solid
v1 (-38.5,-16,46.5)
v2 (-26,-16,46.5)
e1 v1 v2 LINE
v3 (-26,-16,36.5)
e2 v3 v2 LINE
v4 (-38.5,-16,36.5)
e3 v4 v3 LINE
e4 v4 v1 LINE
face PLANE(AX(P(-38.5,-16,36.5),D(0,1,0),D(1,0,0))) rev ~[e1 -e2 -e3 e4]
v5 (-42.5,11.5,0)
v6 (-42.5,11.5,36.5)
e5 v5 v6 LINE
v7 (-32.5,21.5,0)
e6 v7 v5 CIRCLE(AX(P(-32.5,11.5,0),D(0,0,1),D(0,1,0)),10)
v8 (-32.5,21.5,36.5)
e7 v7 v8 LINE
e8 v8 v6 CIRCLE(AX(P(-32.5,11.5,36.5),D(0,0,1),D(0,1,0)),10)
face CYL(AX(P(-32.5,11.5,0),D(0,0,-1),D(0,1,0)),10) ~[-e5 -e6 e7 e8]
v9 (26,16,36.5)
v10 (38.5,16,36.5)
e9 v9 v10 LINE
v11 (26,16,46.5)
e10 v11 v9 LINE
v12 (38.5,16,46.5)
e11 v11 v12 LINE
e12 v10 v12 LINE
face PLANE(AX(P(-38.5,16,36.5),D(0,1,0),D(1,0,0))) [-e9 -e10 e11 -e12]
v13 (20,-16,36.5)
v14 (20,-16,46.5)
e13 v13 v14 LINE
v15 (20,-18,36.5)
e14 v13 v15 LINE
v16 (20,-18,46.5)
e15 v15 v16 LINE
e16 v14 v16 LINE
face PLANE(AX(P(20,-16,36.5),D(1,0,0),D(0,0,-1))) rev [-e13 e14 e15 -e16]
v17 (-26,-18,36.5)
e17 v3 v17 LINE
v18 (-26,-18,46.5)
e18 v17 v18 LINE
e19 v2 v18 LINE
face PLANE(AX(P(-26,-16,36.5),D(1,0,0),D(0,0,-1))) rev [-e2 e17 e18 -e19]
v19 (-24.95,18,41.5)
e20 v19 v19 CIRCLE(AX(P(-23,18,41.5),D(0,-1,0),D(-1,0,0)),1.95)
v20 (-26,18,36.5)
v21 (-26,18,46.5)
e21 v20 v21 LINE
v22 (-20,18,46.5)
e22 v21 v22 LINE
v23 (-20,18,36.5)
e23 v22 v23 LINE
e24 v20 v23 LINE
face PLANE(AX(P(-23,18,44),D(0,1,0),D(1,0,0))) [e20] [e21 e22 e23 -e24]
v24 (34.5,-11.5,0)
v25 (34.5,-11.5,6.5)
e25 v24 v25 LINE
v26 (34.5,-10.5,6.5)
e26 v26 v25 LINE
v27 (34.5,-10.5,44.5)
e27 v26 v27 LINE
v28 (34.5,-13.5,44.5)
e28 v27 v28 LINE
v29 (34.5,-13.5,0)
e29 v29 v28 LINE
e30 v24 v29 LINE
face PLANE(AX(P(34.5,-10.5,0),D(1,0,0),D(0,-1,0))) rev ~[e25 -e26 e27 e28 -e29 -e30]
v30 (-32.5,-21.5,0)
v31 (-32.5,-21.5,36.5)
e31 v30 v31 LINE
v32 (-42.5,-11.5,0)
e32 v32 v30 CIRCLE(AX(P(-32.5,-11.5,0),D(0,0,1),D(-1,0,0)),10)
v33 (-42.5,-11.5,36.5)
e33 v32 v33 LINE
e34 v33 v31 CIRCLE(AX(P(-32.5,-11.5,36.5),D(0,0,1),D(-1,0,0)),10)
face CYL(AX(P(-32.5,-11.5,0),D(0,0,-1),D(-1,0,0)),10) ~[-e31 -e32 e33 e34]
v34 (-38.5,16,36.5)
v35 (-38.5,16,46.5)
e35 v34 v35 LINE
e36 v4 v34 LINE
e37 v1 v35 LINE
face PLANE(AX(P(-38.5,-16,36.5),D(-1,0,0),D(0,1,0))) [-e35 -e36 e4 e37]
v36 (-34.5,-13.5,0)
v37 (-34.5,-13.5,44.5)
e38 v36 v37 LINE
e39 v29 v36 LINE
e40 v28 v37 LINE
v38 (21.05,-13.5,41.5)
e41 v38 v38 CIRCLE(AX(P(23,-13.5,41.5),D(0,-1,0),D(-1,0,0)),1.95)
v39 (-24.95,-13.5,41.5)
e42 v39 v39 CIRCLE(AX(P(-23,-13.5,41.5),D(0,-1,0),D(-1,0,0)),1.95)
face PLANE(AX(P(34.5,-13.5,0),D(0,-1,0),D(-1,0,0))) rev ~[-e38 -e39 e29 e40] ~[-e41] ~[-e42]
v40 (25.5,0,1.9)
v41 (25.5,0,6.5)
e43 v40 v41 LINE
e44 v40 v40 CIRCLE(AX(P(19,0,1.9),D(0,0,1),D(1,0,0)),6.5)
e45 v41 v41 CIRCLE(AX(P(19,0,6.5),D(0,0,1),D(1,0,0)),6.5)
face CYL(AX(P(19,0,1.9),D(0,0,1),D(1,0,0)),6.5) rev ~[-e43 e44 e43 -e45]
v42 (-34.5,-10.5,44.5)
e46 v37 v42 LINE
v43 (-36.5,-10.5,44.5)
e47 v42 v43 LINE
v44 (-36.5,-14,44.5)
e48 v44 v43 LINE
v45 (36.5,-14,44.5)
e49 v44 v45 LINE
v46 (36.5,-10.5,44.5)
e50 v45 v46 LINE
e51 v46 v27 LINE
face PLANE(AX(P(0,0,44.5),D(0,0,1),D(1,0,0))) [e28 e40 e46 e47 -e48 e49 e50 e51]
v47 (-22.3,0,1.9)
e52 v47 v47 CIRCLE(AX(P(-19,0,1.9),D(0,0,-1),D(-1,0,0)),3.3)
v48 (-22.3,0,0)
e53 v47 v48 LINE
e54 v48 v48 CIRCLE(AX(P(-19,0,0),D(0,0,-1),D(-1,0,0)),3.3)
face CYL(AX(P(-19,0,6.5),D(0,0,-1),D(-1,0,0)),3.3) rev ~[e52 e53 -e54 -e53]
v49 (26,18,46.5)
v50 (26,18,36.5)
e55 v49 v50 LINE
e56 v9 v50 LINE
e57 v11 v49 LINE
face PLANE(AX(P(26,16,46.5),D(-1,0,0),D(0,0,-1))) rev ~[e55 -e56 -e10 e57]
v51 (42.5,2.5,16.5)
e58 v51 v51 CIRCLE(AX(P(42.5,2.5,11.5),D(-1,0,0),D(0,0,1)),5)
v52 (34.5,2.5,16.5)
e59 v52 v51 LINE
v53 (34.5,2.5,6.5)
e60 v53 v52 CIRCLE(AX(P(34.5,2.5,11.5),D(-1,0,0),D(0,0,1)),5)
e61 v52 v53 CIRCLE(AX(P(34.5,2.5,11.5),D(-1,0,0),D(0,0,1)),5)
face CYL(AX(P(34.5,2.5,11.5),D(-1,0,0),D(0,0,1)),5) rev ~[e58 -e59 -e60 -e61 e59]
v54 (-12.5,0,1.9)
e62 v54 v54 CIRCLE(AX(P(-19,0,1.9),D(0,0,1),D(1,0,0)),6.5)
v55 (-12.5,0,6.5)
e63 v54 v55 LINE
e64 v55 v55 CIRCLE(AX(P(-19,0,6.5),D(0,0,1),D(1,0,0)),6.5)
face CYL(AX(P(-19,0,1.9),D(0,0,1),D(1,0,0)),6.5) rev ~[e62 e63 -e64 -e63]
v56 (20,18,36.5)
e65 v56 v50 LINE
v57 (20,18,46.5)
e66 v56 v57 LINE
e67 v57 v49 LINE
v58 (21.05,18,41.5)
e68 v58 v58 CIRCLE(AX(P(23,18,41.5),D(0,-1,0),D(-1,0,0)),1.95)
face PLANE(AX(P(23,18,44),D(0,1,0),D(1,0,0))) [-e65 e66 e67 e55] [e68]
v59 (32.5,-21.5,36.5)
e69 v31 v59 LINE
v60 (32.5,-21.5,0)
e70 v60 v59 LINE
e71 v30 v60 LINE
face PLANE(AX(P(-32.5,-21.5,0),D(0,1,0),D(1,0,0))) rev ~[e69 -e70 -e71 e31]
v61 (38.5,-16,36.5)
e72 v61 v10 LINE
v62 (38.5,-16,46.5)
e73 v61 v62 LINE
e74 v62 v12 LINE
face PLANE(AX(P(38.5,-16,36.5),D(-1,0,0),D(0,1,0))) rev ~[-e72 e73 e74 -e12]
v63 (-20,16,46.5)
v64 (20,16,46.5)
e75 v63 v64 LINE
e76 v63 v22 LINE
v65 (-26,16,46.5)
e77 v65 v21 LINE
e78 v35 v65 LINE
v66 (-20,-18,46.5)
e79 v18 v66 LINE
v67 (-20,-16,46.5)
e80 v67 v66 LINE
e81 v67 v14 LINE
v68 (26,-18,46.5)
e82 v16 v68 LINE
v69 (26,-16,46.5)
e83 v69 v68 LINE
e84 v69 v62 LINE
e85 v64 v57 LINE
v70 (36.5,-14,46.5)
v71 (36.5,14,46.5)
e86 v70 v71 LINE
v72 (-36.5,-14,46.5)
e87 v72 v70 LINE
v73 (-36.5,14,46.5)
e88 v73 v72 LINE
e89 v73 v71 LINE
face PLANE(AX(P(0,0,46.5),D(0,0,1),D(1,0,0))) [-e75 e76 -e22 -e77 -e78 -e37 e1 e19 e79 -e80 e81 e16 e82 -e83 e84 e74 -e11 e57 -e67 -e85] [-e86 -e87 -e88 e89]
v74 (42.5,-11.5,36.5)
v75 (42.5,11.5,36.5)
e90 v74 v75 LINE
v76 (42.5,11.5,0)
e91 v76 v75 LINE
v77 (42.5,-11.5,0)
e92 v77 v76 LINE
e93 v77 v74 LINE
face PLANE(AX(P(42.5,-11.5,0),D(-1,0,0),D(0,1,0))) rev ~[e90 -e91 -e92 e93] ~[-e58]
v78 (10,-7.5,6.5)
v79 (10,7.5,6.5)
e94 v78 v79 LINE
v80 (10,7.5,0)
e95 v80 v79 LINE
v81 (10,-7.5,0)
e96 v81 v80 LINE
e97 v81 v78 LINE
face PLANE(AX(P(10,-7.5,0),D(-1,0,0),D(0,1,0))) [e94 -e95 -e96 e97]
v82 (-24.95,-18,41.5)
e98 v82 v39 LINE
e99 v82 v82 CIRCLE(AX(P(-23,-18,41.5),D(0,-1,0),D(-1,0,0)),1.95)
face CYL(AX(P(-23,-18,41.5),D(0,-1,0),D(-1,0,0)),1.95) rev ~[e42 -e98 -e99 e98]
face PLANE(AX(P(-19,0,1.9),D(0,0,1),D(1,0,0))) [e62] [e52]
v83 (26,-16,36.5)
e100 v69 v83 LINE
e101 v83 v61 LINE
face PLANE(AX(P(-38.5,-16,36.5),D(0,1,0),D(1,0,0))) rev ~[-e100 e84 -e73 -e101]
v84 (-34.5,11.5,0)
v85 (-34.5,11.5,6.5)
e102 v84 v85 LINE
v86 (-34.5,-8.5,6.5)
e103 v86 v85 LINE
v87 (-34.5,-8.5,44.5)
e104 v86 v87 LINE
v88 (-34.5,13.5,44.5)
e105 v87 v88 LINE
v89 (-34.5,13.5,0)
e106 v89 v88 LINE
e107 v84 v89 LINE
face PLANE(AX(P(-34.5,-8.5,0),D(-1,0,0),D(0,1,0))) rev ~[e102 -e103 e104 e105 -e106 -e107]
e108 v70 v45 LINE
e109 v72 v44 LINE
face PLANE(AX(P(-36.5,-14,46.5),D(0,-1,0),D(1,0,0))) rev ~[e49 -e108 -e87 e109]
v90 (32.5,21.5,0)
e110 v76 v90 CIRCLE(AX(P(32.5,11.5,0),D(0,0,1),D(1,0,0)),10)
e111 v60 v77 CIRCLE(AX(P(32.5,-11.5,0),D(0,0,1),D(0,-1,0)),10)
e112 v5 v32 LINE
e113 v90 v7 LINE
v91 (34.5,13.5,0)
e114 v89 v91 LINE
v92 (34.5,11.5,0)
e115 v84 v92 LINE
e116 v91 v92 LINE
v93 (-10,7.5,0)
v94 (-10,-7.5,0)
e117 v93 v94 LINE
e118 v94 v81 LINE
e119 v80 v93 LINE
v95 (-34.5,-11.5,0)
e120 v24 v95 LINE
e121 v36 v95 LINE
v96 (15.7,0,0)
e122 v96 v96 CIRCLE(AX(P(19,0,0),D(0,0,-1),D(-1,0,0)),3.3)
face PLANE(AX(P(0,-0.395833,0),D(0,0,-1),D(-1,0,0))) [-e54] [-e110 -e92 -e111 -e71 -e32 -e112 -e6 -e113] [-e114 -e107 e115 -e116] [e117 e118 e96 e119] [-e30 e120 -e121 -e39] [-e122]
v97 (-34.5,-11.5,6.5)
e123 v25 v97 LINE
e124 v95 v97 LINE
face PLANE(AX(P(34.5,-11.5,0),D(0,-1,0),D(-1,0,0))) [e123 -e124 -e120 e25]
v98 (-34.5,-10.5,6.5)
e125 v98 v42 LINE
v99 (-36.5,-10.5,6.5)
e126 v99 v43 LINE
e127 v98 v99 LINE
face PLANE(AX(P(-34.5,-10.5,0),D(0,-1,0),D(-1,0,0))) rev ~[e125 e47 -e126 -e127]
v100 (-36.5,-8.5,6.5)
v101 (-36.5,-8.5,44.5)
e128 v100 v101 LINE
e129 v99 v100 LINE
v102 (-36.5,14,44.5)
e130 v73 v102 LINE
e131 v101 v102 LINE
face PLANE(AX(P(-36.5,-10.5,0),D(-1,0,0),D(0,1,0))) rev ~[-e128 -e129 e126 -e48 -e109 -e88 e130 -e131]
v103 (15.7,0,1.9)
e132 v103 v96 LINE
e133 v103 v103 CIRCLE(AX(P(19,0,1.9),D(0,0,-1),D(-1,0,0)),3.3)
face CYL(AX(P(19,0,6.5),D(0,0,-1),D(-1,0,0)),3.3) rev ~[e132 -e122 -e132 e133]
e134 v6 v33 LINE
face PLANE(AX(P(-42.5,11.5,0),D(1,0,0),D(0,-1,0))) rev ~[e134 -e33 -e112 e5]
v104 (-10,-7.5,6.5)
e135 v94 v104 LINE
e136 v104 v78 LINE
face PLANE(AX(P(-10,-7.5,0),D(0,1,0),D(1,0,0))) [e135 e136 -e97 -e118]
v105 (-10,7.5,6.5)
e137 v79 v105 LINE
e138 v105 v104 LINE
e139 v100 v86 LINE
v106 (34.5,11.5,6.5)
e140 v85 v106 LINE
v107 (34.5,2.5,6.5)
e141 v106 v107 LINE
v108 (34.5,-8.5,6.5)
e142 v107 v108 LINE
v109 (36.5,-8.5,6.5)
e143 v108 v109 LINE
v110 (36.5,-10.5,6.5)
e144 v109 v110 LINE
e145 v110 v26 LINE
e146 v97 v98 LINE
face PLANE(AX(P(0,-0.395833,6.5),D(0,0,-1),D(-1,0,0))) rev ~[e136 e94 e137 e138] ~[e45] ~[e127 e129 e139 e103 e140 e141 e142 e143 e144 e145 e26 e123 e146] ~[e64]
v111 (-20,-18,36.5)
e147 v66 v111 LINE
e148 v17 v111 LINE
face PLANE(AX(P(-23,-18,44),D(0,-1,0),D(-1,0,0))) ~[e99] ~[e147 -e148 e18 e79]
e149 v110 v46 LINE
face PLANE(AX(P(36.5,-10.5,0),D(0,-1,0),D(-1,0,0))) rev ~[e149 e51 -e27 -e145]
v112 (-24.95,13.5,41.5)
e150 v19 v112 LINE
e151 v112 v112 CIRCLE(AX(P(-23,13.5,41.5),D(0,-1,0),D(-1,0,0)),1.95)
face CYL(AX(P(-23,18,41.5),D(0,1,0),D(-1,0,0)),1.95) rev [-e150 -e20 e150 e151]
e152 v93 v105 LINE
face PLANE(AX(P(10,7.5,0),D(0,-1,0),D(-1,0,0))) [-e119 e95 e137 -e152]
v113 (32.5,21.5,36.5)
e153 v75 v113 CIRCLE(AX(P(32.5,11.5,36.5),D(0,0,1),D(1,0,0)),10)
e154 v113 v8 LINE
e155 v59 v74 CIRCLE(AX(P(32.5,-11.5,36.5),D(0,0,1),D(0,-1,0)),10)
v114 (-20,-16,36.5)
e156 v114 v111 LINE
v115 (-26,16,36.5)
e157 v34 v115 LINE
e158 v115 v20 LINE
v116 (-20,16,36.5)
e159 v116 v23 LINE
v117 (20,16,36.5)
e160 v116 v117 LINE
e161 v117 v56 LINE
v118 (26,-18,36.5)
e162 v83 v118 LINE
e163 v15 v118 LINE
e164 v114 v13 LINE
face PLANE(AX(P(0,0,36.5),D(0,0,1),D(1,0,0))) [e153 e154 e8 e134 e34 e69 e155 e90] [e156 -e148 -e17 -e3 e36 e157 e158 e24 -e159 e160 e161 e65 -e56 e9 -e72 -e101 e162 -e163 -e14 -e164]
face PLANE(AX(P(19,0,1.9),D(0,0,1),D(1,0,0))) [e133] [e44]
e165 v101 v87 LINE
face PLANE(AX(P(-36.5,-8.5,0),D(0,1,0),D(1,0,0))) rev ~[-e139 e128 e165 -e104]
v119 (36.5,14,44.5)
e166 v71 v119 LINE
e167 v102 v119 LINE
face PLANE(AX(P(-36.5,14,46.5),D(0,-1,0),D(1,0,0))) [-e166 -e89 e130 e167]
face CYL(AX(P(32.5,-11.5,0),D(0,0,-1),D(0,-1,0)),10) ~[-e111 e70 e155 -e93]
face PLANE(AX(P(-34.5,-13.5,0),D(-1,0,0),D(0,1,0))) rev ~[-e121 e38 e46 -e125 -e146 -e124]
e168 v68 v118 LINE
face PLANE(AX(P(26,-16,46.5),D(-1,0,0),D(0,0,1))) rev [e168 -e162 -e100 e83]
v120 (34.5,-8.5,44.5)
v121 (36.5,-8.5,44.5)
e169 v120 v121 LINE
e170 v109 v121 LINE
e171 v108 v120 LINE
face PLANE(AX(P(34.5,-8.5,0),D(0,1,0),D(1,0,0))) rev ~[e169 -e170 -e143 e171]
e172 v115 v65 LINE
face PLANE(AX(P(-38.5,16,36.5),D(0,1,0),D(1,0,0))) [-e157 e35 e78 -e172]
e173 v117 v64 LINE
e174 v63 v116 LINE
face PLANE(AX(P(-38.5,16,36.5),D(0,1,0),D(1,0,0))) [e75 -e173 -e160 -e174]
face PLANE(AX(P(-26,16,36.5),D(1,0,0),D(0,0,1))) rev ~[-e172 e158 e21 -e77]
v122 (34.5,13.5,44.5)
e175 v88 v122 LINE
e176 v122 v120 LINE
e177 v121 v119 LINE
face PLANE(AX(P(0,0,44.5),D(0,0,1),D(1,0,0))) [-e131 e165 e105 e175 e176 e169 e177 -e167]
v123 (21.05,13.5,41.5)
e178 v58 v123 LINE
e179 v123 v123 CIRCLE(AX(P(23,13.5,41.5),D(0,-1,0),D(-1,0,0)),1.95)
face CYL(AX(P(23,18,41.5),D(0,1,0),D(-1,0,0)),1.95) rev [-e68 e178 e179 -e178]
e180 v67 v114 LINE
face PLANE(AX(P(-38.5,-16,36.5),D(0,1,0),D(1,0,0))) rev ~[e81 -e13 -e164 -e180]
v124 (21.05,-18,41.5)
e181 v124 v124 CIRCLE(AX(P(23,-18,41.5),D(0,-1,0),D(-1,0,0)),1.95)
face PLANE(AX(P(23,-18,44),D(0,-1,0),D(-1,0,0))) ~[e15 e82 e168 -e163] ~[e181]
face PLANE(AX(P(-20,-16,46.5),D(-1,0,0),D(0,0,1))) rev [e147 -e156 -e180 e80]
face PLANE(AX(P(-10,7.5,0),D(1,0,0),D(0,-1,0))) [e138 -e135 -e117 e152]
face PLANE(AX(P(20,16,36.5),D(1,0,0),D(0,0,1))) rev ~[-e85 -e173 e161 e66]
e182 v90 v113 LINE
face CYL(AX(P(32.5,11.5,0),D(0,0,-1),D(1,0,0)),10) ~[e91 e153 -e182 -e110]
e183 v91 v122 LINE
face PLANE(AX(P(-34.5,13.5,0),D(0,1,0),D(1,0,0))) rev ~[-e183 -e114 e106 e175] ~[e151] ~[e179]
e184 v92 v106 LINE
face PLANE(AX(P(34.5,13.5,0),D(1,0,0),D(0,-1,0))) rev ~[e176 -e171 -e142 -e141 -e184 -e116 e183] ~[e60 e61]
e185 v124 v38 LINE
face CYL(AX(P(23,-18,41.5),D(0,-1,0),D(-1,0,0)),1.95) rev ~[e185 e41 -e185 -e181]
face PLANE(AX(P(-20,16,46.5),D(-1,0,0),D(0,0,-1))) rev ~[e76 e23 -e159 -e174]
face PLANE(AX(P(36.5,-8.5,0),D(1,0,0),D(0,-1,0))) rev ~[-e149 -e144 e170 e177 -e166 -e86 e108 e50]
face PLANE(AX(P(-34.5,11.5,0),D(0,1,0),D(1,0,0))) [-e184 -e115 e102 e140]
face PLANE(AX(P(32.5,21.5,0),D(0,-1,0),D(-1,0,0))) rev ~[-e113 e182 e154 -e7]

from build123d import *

# Parameters (mm, degrees)
P_IDAT_VYSUNUT_M1_DEPTH                           = 46.5
P_IDAT_VYSUNUT_M2_DEPTH                           = 6.5
V_LCOV_ZAHLOUBEN_PRO_M6_ROUBY_S_V_LCO_D           = 6.6
V_LCOV_ZAHLOUBEN_PRO_M6_ROUBY_S_V_LCO_CBORE_D     = 13
V_LCOV_ZAHLOUBEN_PRO_M6_ROUBY_S_V_LCO_CBORE_DEPTH = 4.6
SKICA6_R                                          = 5
ODEBRAT_VYSUNUT_M1_DEPTH                          = 93.485133941
SKICA7_W                                          = 73
SKICA7_H                                          = 28
ODEBRAT_VYSUNUT_M2_DEPTH                          = 2
ODEBRAT_START                                     = -10
SKICA8_W                                          = 97
SKICA8_H                                          = 52
SKICA8_W_2                                        = 77
SKICA8_H_2                                        = 32
ODEBRAT_VYSUNUT_M5_DEPTH                          = 10
SKICA9_W                                          = 6
SKICA9_H                                          = 5
P_IDAT_VYSUNUT_M3_DEPTH                           = 2
D_RY_PRO_KOL_K_VELIKOST_MM1_REACH                 = 76.356
D_RY_PRO_KOL_K_VELIKOST_MM1_BORE_R                = 1.95


with BuildPart() as part:
    # Skica1 → Přidat vysunutím1 (new body)
    with BuildSketch(Plane.XY):
        with BuildLine():
            Line((-32.5, -21.5), (0, -21.5))
            Line((0, -21.5), (32.5, -21.5))
            ThreePointArc((32.5, -21.5), (39.571067812, -18.571067812), (42.5, -11.5))
            Line((42.5, -11.5), (42.5, 11.5))
            ThreePointArc((42.5, 11.5), (39.571067812, 18.571067812), (32.5, 21.5))
            Line((32.5, 21.5), (-32.5, 21.5))
            ThreePointArc((-32.5, 21.5), (-39.571067812, 18.571067812), (-42.5, 11.5))
            Line((-42.5, 11.5), (-42.5, -11.5))
            ThreePointArc((-42.5, -11.5), (-39.571067812, -18.571067812), (-32.5, -21.5))
        make_face()
        Polygon((-34.5, -8.5), (-34.5, 13.5), (34.5, 13.5), (34.5, -8.5), (36.5, -8.5), (36.5, -10.5), (34.5, -10.5), (34.5, -13.5), (0, -13.5), (-34.5, -13.5), (-34.5, -10.5), (-36.5, -10.5), (-36.5, -8.5), align=None, mode=Mode.SUBTRACT)
    extrude(amount=P_IDAT_VYSUNUT_M1_DEPTH)

    # Skica2 → Přidat vysunutím2 (add)
    with BuildSketch(Plane(origin=(0, 0, 0), x_dir=(-1, 0, 0), z_dir=(0, 0, -1))):
        Polygon((34.5, 11.5), (-34.5, 11.5), (-34.5, -8.5), (-36.5, -8.5), (-36.5, -10.5), (-34.5, -10.5), (-34.5, -11.5), (34.5, -11.5), (34.5, -10.5), (36.5, -10.5), (36.5, -8.5), (34.5, -8.5), align=None)
        Polygon((-10, 7.5), (10, 7.5), (10, -7.5), (-10, -7.5), (-10, 0), align=None, mode=Mode.SUBTRACT)
    extrude(amount=-P_IDAT_VYSUNUT_M2_DEPTH)

    # Válcové zahloubení pro M6 šrouby s válcovou hlavou zaoblenou1 (through all)
    with Locations(Plane.XY.offset(6.5)):
        with Locations((-19, 0), (19, 0)):
            CounterBoreHole(V_LCOV_ZAHLOUBEN_PRO_M6_ROUBY_S_V_LCO_D / 2, V_LCOV_ZAHLOUBEN_PRO_M6_ROUBY_S_V_LCO_CBORE_D / 2, V_LCOV_ZAHLOUBEN_PRO_M6_ROUBY_S_V_LCO_CBORE_DEPTH)

    # Skica6 → Odebrat vysunutím1 (cut, through all)
    with BuildSketch(Plane.ZY.offset(-34.5)):
        with Locations((11.5, 2.5)):
            Circle(SKICA6_R)
    extrude(amount=-ODEBRAT_VYSUNUT_M1_DEPTH, mode=Mode.SUBTRACT)

    # Skica7 → Odebrat vysunutím2 (cut)
    with BuildSketch(Plane.XY.offset(46.5)):
        Rectangle(SKICA7_W, SKICA7_H)
    extrude(amount=-ODEBRAT_VYSUNUT_M2_DEPTH, mode=Mode.SUBTRACT)

    # Skica8 → Odebrat vysunutím5 (cut)
    # profile 1 of 2: a face of its own
    with BuildSketch(Plane.XY.offset(46.5).offset(ODEBRAT_START)):
        Rectangle(SKICA8_W, SKICA8_H)
        with BuildLine():
            Line((-32.5, -21.5), (32.5, -21.5))
            ThreePointArc((32.5, -21.5), (39.571067812, -18.571067812), (42.5, -11.5))
            Line((42.5, -11.5), (42.5, 11.5))
            ThreePointArc((42.5, 11.5), (39.571067812, 18.571067812), (32.5, 21.5))
            Line((32.5, 21.5), (-32.5, 21.5))
            ThreePointArc((-32.5, 21.5), (-39.571067812, 18.571067812), (-42.5, 11.5))
            Line((-42.5, 11.5), (-42.5, -11.5))
            ThreePointArc((-42.5, -11.5), (-39.571067812, -18.571067812), (-32.5, -21.5))
        make_face(mode=Mode.SUBTRACT)
    # profile 2 of 2: a face of its own
    with BuildSketch(Plane.XY.offset(46.5).offset(ODEBRAT_START)):
        with BuildLine():
            ThreePointArc((-42.5, -11.5), (-39.571067812, -18.571067812), (-32.5, -21.5))
            Line((-32.5, -21.5), (32.5, -21.5))
            ThreePointArc((32.5, -21.5), (39.571067812, -18.571067812), (42.5, -11.5))
            Line((42.5, -11.5), (42.5, 11.5))
            ThreePointArc((42.5, 11.5), (39.571067812, 18.571067812), (32.5, 21.5))
            Line((32.5, 21.5), (-32.5, 21.5))
            ThreePointArc((-32.5, 21.5), (-39.571067812, 18.571067812), (-42.5, 11.5))
            Line((-42.5, 11.5), (-42.5, -11.5))
        make_face()
        Rectangle(SKICA8_W_2, SKICA8_H_2, mode=Mode.SUBTRACT)
    extrude(amount=ODEBRAT_VYSUNUT_M5_DEPTH, mode=Mode.SUBTRACT)

    # Skica9 → Přidat vysunutím3 (add)
    with BuildSketch(Plane(origin=(0, 16, 0), x_dir=(1, 0, 0), z_dir=(0, 1, 0))):
        with Locations((-23, -44)):
            Rectangle(SKICA9_W, SKICA9_H)
        with Locations((-23, -39)):
            Rectangle(SKICA9_W, SKICA9_H)
        with Locations((23, -44)):
            Rectangle(SKICA9_W, SKICA9_H)
        with Locations((23, -39)):
            Rectangle(SKICA9_W, SKICA9_H)
    p_idat_vysunut_m3 = extrude(amount=P_IDAT_VYSUNUT_M3_DEPTH)

    # Zrcadlit1: Přidat vysunutím3 across plane
    add(p_idat_vysunut_m3.mirror(Plane(origin=(0, 0, 0), x_dir=(0, 0, 1), z_dir=(0, -1, 0))))

    # Díry pro kolík, velikost mm1 bore → Díry pro kolík, velikost mm1 (cut, up to next)
    with BuildSketch(Plane(origin=(0, -18, 0), x_dir=(-1, 0, 0), z_dir=(0, -1, 0)), mode=Mode.PRIVATE) as d_ry_pro_kol_k_velikost_mm1_sk1:
        with Locations((-23, -41.5)):
            Circle(D_RY_PRO_KOL_K_VELIKOST_MM1_BORE_R)
    d_ry_pro_kol_k_velikost_mm1_tool1 = extrude(d_ry_pro_kol_k_velikost_mm1_sk1.sketch, amount=-D_RY_PRO_KOL_K_VELIKOST_MM1_REACH, mode=Mode.PRIVATE) & part.part
    # Díry pro kolík, velikost mm1 bore → Díry pro kolík, velikost mm1 (cut, up to next)
    with BuildSketch(Plane(origin=(0, -18, 0), x_dir=(-1, 0, 0), z_dir=(0, -1, 0)), mode=Mode.PRIVATE) as d_ry_pro_kol_k_velikost_mm1_sk2:
        with Locations((23, -41.5)):
            Circle(D_RY_PRO_KOL_K_VELIKOST_MM1_BORE_R)
    d_ry_pro_kol_k_velikost_mm1_tool2 = extrude(d_ry_pro_kol_k_velikost_mm1_sk2.sketch, amount=-D_RY_PRO_KOL_K_VELIKOST_MM1_REACH, mode=Mode.PRIVATE) & part.part
    d_ry_pro_kol_k_velikost_mm1_1 = d_ry_pro_kol_k_velikost_mm1_tool1.solids().sort_by_distance((23, -18, 41.5))[0]
    add(d_ry_pro_kol_k_velikost_mm1_1, mode=Mode.SUBTRACT)
    d_ry_pro_kol_k_velikost_mm1_2 = d_ry_pro_kol_k_velikost_mm1_tool2.solids().sort_by_distance((-23, -18, 41.5))[0]
    add(d_ry_pro_kol_k_velikost_mm1_2, mode=Mode.SUBTRACT)
    d_ry_pro_kol_k_velikost_mm1 = d_ry_pro_kol_k_velikost_mm1_1 + d_ry_pro_kol_k_velikost_mm1_2  # Díry pro kolík, velikost mm1 as one shape, for the pattern or mirror that repeats it

    # Zrcadlit2: Díry pro kolík, velikost mm1 across plane
    add(d_ry_pro_kol_k_velikost_mm1.mirror(Plane(origin=(0, 0, 0), x_dir=(0, 0, 1), z_dir=(0, -1, 0))), mode=Mode.SUBTRACT)


solid = part.part
